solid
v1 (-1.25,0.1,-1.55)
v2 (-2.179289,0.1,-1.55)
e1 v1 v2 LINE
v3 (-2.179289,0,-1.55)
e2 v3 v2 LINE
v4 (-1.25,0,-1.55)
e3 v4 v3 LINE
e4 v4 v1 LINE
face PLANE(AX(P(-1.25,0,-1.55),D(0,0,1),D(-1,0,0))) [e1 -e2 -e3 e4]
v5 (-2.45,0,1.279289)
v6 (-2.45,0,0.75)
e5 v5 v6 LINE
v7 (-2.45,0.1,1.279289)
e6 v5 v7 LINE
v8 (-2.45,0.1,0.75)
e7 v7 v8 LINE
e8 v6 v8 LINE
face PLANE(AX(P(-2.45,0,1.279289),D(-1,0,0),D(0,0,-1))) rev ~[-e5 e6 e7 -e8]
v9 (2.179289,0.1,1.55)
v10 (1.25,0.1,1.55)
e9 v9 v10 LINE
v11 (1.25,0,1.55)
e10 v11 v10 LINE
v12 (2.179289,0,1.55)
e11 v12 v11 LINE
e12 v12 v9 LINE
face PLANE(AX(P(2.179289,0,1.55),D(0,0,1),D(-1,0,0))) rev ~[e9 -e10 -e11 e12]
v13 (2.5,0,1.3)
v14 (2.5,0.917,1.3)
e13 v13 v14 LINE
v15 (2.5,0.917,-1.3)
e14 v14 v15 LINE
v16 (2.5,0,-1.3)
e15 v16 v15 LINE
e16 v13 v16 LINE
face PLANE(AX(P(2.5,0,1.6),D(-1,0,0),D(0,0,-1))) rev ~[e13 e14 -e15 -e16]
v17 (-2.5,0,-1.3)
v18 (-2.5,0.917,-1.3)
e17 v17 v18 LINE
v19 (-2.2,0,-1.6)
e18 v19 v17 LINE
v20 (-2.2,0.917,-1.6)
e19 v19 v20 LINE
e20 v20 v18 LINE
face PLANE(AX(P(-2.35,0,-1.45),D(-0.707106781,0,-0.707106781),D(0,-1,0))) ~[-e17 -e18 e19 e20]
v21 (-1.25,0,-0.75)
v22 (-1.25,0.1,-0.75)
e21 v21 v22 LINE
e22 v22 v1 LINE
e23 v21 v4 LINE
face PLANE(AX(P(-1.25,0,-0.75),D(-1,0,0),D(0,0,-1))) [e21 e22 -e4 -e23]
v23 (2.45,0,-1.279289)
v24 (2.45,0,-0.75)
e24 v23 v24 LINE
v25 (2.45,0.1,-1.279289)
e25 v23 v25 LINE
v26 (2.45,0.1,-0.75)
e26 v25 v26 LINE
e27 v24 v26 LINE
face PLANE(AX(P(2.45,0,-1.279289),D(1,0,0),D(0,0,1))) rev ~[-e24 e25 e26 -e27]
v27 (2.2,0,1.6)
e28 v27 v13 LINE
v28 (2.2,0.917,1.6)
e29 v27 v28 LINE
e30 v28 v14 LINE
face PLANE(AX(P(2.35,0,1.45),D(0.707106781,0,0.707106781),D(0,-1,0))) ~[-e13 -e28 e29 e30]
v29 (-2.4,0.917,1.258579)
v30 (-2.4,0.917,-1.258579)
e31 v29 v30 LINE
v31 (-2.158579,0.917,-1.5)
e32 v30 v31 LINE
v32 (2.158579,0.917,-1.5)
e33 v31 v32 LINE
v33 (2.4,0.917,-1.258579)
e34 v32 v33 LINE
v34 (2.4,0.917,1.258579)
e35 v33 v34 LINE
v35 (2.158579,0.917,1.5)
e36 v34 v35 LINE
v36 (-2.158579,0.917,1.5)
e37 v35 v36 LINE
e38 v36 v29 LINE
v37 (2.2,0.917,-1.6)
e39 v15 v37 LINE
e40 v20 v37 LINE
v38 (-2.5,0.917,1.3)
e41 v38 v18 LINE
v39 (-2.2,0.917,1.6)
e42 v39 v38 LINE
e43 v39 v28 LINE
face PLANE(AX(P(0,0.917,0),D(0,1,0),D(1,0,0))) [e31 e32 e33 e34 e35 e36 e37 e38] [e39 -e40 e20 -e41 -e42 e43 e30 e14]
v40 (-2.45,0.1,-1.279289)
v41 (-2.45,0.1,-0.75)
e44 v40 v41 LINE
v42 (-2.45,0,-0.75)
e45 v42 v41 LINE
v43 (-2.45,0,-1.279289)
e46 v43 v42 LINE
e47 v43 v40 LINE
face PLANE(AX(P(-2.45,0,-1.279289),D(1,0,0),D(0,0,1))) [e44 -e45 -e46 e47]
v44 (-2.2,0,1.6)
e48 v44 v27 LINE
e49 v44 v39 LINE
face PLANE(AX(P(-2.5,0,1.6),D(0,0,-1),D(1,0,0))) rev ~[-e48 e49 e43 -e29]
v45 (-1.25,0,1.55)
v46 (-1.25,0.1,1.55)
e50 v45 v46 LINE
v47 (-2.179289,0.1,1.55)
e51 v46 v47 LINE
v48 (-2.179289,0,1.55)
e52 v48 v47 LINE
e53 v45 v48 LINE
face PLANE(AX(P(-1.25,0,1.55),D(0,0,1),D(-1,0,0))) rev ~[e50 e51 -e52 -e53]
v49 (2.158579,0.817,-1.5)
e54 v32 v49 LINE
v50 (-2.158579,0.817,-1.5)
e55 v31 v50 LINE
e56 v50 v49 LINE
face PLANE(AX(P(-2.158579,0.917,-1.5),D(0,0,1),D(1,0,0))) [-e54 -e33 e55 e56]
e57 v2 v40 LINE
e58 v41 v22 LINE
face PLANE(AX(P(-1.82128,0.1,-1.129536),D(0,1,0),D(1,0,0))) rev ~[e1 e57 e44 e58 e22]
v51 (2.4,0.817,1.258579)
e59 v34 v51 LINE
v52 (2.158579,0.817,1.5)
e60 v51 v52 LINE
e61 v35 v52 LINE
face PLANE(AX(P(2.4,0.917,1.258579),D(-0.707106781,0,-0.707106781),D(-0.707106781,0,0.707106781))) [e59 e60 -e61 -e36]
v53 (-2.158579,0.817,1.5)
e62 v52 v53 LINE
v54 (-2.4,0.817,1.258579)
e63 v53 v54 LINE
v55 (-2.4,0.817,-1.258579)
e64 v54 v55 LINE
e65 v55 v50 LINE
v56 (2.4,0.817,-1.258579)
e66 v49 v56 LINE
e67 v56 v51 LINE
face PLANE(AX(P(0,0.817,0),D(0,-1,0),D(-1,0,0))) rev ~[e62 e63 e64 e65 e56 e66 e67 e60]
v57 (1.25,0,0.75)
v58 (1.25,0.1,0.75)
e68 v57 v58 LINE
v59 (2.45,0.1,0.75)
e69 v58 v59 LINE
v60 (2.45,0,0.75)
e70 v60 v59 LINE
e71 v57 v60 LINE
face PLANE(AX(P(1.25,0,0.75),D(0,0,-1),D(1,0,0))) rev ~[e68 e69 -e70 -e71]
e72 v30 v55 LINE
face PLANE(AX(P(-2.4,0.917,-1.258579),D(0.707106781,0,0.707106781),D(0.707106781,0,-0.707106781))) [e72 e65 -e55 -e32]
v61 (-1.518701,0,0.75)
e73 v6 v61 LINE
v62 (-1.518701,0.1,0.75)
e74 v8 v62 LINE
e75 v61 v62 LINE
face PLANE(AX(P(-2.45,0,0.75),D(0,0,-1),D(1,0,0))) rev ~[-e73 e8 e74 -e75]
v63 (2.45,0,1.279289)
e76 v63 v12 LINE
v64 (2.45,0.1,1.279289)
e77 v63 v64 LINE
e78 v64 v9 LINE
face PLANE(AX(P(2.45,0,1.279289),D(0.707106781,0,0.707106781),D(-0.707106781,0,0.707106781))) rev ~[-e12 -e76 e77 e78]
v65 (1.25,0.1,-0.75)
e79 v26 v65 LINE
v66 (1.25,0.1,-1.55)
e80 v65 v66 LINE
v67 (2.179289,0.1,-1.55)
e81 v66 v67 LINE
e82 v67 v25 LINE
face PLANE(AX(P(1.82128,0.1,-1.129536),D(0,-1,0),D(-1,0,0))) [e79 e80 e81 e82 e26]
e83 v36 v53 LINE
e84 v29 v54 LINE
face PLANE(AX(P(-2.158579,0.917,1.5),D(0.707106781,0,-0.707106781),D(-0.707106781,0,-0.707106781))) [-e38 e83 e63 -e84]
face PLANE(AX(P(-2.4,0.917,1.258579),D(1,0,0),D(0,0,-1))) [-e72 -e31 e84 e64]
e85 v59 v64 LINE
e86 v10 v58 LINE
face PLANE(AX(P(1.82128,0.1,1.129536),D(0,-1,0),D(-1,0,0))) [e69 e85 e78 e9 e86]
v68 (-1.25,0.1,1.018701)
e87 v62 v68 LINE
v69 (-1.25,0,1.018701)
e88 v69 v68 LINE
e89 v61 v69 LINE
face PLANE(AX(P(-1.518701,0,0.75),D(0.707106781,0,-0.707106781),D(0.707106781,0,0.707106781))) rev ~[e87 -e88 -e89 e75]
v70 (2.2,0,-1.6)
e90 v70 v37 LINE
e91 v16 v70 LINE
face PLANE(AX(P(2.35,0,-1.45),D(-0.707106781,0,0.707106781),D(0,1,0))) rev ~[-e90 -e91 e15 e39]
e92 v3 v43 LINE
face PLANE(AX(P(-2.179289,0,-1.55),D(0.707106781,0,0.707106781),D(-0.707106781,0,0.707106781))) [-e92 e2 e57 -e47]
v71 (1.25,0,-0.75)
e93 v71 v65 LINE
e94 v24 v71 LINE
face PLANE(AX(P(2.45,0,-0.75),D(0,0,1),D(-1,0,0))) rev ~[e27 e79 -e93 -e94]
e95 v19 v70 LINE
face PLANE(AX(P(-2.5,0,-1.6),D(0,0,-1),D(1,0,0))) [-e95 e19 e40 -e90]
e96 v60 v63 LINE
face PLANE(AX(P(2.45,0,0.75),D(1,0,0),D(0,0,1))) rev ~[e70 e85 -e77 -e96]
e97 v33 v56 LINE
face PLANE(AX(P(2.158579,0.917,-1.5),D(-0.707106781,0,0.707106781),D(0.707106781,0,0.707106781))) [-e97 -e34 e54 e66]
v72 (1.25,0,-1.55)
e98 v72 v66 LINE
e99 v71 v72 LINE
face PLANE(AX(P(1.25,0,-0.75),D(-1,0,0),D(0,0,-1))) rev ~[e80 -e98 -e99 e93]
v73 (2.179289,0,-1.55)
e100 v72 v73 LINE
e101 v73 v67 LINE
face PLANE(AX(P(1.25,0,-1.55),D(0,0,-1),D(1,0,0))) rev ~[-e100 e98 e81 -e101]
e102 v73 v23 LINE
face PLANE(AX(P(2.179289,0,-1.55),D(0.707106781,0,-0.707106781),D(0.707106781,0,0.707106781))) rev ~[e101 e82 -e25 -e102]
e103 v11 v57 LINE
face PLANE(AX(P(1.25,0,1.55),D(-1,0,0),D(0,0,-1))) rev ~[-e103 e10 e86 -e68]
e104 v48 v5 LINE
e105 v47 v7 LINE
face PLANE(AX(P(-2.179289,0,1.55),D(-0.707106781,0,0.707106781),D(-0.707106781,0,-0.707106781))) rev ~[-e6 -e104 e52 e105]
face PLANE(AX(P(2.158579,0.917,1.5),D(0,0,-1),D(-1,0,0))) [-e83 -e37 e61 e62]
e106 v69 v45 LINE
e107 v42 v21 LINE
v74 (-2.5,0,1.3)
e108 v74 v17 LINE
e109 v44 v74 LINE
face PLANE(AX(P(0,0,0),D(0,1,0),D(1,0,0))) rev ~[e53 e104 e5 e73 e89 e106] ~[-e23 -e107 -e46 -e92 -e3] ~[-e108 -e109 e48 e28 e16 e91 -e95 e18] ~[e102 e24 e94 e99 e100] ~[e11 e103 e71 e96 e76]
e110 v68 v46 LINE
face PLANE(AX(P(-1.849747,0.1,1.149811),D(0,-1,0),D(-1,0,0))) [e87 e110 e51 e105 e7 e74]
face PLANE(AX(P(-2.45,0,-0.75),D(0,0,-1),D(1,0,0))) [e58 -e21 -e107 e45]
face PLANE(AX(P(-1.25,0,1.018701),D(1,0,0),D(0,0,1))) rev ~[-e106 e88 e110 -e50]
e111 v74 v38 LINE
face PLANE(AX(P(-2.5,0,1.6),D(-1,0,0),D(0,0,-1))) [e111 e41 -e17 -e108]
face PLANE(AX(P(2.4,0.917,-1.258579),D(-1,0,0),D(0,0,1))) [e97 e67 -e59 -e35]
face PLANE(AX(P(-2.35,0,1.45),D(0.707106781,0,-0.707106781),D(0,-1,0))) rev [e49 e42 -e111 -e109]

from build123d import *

# Parameters (mm, degrees)
ESBO_O1_W        = 5
ESBO_O1_H        = 3.2
EXTRUS_O1_DEPTH  = 0.917
CHANFRO3_SIZE    = 0.3
CHANFRO4_SIZE    = 0.3
CHANFRO5_SIZE    = 0.3
CHANFRO6_SIZE    = 0.3
EXTRUS_O6_DEPTH  = 0.1
EXTRUS_O8_DEPTH  = 0.1
EXTRUS_O9_DEPTH  = 0.1
EXTRUS_O13_DEPTH = 0.1
EXTRUS_O14_DEPTH = 0.1


with BuildPart() as part:
    # Esboço1 → Extrusão1 (new body)
    with BuildSketch(Plane(origin=(0, 0, 0), x_dir=(1, 0, 0), z_dir=(0, 1, 0))):
        Rectangle(ESBO_O1_W, ESBO_O1_H)
    extrude(amount=EXTRUS_O1_DEPTH)

    # Chanfro3
    chanfro3_edges = [part.edges().sort_by_distance(p)[0] for p in [
        (2.5, 0.4585, 1.6),
    ]]
    chamfer(chanfro3_edges, length=CHANFRO3_SIZE)

    # Chanfro4
    chanfro4_edges = [part.edges().sort_by_distance(p)[0] for p in [
        (-2.5, 0.4585, 1.6),
    ]]
    chamfer(chanfro4_edges, length=CHANFRO4_SIZE)

    # Chanfro5
    chanfro5_edges = [part.edges().sort_by_distance(p)[0] for p in [
        (2.5, 0.4585, -1.6),
    ]]
    chamfer(chanfro5_edges, length=CHANFRO5_SIZE)

    # Chanfro6
    chanfro6_edges = [part.edges().sort_by_distance(p)[0] for p in [
        (-2.5, 0.4585, -1.6),
    ]]
    chamfer(chanfro6_edges, length=CHANFRO6_SIZE)

    # Esboço4 → Extrusão6 (cut)
    with BuildSketch(Plane(origin=(0, 0, 0), x_dir=(1, 0, 0), z_dir=(0, 1, 0))):
        Polygon((1.25, 0.75), (1.25, 1.55), (2.179289322, 1.55), (2.45, 1.279289322), (2.45, 0.75), align=None)
    extrude(amount=EXTRUS_O6_DEPTH, mode=Mode.SUBTRACT)

    # Esboço6 → Extrusão8 (cut)
    with BuildSketch(Plane(origin=(0, 0, 0), x_dir=(1, 0, 0), z_dir=(0, 1, 0))):
        Polygon((1.25, -1.55), (1.25, -0.75), (2.45, -0.75), (2.45, -1.279289322), (2.179289322, -1.55), align=None)
    extrude(amount=EXTRUS_O8_DEPTH, mode=Mode.SUBTRACT)

    # Esboço7 → Extrusão9 (cut)
    with BuildSketch(Plane(origin=(0, 0, 0), x_dir=(1, 0, 0), z_dir=(0, 1, 0))):
        Polygon((-2.45, -0.75), (-1.518700577, -0.75), (-1.25, -1.018700577), (-1.25, -1.55), (-2.179289322, -1.55), (-2.45, -1.279289322), align=None)
    extrude(amount=EXTRUS_O9_DEPTH, mode=Mode.SUBTRACT)

    # Esboço10 → Extrusão13 (cut)
    with BuildSketch(Plane(origin=(0, 0.917, 0), x_dir=(1, 0, 0), z_dir=(0, 1, 0))):
        Polygon((-2.4, 1.258578644), (-2.158578644, 1.5), (2.158578644, 1.5), (2.4, 1.258578644), (2.4, -1.258578644), (2.158578644, -1.5), (-2.158578644, -1.5), (-2.4, -1.258578644), align=None)
    extrude(amount=-EXTRUS_O13_DEPTH, mode=Mode.SUBTRACT)

    # Esboço11 → Extrusão14 (cut)
    with BuildSketch(Plane(origin=(0, 0, 0), x_dir=(1, 0, 0), z_dir=(0, 1, 0))):
        Polygon((-2.45, 1.279289322), (-2.45, 0.75), (-1.25, 0.75), (-1.25, 1.55), (-2.179289322, 1.55), align=None)
    extrude(amount=EXTRUS_O14_DEPTH, mode=Mode.SUBTRACT)


solid = part.part
